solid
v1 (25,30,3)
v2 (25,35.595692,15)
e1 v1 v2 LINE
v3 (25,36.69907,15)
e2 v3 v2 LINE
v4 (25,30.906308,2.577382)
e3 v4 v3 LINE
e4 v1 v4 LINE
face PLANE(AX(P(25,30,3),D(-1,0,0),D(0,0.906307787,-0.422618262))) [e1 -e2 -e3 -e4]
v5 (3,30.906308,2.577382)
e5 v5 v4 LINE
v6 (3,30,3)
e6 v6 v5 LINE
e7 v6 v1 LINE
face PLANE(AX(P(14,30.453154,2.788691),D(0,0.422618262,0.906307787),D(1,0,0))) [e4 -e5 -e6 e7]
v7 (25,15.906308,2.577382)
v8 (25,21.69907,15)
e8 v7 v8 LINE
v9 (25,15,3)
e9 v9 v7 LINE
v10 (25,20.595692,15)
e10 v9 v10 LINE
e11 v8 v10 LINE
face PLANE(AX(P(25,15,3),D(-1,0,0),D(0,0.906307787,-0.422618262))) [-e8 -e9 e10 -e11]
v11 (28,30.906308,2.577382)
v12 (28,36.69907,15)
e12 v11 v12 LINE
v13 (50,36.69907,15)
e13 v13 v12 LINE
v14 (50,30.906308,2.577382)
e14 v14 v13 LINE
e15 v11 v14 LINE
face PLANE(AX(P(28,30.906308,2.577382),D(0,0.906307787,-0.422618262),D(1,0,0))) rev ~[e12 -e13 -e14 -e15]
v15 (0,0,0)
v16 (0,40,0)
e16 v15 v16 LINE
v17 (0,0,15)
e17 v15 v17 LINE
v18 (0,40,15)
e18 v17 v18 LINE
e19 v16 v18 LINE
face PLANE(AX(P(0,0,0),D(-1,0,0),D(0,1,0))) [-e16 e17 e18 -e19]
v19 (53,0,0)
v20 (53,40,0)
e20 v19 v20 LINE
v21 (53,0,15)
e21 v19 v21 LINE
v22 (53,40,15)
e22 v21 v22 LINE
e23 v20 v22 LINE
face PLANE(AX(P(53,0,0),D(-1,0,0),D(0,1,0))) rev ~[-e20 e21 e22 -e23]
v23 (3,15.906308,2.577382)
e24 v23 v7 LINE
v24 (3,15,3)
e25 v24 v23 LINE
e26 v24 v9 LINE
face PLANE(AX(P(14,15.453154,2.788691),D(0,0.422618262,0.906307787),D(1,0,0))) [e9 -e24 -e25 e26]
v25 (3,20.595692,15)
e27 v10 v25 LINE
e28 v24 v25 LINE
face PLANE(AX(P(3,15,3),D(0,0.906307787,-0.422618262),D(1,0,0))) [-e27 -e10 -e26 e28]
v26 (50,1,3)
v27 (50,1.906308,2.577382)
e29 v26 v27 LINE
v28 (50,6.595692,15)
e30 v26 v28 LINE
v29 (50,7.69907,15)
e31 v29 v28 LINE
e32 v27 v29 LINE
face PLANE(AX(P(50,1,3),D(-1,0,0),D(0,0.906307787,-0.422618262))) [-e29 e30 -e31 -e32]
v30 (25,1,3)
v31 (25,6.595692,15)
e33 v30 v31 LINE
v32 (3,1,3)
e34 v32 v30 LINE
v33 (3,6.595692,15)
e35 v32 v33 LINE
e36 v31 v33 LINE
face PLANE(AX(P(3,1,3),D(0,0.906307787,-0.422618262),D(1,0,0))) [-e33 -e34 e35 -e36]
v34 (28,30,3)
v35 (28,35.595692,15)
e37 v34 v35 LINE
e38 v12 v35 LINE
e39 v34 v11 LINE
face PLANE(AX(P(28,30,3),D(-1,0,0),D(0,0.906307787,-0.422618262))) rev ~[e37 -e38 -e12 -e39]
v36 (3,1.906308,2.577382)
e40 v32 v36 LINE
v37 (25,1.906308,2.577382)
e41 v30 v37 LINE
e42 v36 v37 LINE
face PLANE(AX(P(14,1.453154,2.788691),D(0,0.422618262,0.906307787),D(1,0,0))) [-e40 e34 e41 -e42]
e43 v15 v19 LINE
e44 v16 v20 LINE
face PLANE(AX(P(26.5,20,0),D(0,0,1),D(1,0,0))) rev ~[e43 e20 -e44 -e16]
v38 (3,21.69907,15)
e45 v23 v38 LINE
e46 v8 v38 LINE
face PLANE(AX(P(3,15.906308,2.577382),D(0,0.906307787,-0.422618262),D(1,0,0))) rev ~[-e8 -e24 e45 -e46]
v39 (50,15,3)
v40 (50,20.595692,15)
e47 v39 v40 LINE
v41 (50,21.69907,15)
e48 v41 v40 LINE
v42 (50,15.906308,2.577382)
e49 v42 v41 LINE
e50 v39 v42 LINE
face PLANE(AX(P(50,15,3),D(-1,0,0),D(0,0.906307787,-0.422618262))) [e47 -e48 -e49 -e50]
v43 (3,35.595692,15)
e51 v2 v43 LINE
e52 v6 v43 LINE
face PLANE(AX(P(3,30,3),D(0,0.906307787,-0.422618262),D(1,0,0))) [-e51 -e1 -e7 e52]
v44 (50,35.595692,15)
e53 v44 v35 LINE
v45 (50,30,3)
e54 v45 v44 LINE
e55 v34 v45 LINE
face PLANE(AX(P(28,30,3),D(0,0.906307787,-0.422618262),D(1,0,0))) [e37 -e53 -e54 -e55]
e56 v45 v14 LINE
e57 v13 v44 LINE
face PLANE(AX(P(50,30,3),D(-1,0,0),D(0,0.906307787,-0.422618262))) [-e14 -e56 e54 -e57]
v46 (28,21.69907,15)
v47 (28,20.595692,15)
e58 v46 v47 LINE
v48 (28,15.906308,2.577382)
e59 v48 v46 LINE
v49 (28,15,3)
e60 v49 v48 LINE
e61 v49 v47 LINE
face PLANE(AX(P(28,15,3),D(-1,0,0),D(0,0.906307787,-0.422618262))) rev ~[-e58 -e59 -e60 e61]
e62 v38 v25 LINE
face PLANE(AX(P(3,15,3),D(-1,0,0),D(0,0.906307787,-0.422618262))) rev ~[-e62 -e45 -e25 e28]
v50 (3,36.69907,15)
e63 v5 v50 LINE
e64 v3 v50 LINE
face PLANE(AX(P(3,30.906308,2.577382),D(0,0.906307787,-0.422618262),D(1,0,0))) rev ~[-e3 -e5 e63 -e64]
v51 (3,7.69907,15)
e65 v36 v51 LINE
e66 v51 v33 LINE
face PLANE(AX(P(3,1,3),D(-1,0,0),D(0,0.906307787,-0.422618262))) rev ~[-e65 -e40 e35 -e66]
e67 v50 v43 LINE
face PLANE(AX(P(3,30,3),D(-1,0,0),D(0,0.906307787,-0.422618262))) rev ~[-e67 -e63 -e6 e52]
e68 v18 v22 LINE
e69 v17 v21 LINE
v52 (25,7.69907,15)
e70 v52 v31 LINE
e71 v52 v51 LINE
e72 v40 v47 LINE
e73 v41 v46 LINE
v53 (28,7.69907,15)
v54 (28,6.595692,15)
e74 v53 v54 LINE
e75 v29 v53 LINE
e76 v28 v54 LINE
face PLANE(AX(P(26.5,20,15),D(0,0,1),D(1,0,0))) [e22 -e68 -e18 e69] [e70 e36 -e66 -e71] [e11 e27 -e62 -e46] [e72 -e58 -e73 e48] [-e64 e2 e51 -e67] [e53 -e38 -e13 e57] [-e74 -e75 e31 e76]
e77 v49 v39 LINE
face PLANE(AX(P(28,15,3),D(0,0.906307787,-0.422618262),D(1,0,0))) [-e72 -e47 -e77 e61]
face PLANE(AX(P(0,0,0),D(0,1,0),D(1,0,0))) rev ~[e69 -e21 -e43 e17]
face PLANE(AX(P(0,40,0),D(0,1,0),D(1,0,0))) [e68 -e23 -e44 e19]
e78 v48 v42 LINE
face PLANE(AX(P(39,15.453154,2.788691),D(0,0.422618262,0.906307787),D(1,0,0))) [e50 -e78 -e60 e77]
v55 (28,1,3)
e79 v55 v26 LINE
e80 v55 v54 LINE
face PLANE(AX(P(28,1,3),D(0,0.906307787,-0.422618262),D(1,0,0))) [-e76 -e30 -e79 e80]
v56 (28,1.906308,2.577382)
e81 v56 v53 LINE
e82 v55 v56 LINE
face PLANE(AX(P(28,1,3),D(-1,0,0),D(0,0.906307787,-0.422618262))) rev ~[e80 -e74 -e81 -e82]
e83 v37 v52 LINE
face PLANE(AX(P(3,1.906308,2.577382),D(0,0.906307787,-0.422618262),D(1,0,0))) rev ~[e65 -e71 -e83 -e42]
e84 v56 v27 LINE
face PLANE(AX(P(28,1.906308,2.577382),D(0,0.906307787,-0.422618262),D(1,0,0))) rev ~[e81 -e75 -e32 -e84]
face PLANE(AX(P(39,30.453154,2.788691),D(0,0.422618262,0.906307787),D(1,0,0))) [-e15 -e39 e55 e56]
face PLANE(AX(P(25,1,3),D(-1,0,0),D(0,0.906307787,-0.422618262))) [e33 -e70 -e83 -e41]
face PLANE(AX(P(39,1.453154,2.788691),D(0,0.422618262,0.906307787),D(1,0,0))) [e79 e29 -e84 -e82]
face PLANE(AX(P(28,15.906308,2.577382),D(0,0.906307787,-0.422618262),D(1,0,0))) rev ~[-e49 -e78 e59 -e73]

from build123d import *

# Parameters (mm, degrees)
BOX001_W               = 22
BOX001_H               = 1
BOX001_DEPTH           = 15
BOX001_PLACEMENT_ANGLE = 335
BOX003_W               = 22
BOX003_H               = 1
BOX003_DEPTH           = 15
BOX003_PLACEMENT_ANGLE = 335
BOX006_W               = 22
BOX006_H               = 1
BOX006_DEPTH           = 15
BOX006_PLACEMENT_ANGLE = 335
BOX002_W               = 22
BOX002_H               = 1
BOX002_DEPTH           = 15
BOX002_PLACEMENT_ANGLE = 335
BOX004_W               = 22
BOX004_H               = 1
BOX004_DEPTH           = 15
BOX004_PLACEMENT_ANGLE = 335
BOX005_W               = 22
BOX005_H               = 1
BOX005_DEPTH           = 15
BOX005_PLACEMENT_ANGLE = 335
BOX_W                  = 53
BOX_H                  = 40
BOX_DEPTH              = 15


with BuildPart() as cube001:
    # Box001 → Box001 (new body)
    with BuildSketch(Plane.XY):
        with Locations((11, 0.5)):
            Rectangle(BOX001_W, BOX001_H)
    extrude(amount=BOX001_DEPTH)


with BuildPart() as cube001_1:
    # Box001 placement: moved
    add(cube001.part.moved(Location((3, 15, 3))).rotate(Axis((3, 15, 3), (1, 0, 0)), BOX001_PLACEMENT_ANGLE))


with BuildPart() as cube003:
    # Box003 → Box003 (new body)
    with BuildSketch(Plane.XY):
        with Locations((11, 0.5)):
            Rectangle(BOX003_W, BOX003_H)
    extrude(amount=BOX003_DEPTH)


with BuildPart() as cube003_1:
    # Box003 placement: moved
    add(cube003.part.moved(Location((3, 30, 3))).rotate(Axis((3, 30, 3), (1, 0, 0)), BOX003_PLACEMENT_ANGLE))


with BuildPart() as cube006:
    # Box006 → Box006 (new body)
    with BuildSketch(Plane.XY):
        with Locations((11, 0.5)):
            Rectangle(BOX006_W, BOX006_H)
    extrude(amount=BOX006_DEPTH)


with BuildPart() as cube006_1:
    # Box006 placement: moved
    add(cube006.part.moved(Location((28, 1, 3))).rotate(Axis((28, 1, 3), (1, 0, 0)), BOX006_PLACEMENT_ANGLE))


with BuildPart() as cube002:
    # Box002 → Box002 (new body)
    with BuildSketch(Plane.XY):
        with Locations((11, 0.5)):
            Rectangle(BOX002_W, BOX002_H)
    extrude(amount=BOX002_DEPTH)


with BuildPart() as cube002_1:
    # Box002 placement: moved
    add(cube002.part.moved(Location((28, 15, 3))).rotate(Axis((28, 15, 3), (1, 0, 0)), BOX002_PLACEMENT_ANGLE))


with BuildPart() as cube004:
    # Box004 → Box004 (new body)
    with BuildSketch(Plane.XY):
        with Locations((11, 0.5)):
            Rectangle(BOX004_W, BOX004_H)
    extrude(amount=BOX004_DEPTH)


with BuildPart() as cube004_1:
    # Box004 placement: moved
    add(cube004.part.moved(Location((28, 30, 3))).rotate(Axis((28, 30, 3), (1, 0, 0)), BOX004_PLACEMENT_ANGLE))


with BuildPart() as fusion:
    # Box005 → Box005 (new body)
    with BuildSketch(Plane.XY):
        with Locations((11, 0.5)):
            Rectangle(BOX005_W, BOX005_H)
    extrude(amount=BOX005_DEPTH)


with BuildPart() as fusion_1:
    # Box005 placement: moved
    add(fusion.part.moved(Location((3, 1, 3))).rotate(Axis((3, 1, 3), (1, 0, 0)), BOX005_PLACEMENT_ANGLE))

    # Fusion: union Cube001, Cube003, Cube006, Cube002, Cube004
    add(cube001_1.part)
    add(cube003_1.part)
    add(cube006_1.part)
    add(cube002_1.part)
    add(cube004_1.part)


with BuildPart() as cut:
    # Box → Box (new body)
    with BuildSketch(Plane.XY):
        with Locations((26.5, 20)):
            Rectangle(BOX_W, BOX_H)
    extrude(amount=BOX_DEPTH)

    # Cut: cut Fusion
    add(fusion_1.part, mode=Mode.SUBTRACT)


solid = cut.part
